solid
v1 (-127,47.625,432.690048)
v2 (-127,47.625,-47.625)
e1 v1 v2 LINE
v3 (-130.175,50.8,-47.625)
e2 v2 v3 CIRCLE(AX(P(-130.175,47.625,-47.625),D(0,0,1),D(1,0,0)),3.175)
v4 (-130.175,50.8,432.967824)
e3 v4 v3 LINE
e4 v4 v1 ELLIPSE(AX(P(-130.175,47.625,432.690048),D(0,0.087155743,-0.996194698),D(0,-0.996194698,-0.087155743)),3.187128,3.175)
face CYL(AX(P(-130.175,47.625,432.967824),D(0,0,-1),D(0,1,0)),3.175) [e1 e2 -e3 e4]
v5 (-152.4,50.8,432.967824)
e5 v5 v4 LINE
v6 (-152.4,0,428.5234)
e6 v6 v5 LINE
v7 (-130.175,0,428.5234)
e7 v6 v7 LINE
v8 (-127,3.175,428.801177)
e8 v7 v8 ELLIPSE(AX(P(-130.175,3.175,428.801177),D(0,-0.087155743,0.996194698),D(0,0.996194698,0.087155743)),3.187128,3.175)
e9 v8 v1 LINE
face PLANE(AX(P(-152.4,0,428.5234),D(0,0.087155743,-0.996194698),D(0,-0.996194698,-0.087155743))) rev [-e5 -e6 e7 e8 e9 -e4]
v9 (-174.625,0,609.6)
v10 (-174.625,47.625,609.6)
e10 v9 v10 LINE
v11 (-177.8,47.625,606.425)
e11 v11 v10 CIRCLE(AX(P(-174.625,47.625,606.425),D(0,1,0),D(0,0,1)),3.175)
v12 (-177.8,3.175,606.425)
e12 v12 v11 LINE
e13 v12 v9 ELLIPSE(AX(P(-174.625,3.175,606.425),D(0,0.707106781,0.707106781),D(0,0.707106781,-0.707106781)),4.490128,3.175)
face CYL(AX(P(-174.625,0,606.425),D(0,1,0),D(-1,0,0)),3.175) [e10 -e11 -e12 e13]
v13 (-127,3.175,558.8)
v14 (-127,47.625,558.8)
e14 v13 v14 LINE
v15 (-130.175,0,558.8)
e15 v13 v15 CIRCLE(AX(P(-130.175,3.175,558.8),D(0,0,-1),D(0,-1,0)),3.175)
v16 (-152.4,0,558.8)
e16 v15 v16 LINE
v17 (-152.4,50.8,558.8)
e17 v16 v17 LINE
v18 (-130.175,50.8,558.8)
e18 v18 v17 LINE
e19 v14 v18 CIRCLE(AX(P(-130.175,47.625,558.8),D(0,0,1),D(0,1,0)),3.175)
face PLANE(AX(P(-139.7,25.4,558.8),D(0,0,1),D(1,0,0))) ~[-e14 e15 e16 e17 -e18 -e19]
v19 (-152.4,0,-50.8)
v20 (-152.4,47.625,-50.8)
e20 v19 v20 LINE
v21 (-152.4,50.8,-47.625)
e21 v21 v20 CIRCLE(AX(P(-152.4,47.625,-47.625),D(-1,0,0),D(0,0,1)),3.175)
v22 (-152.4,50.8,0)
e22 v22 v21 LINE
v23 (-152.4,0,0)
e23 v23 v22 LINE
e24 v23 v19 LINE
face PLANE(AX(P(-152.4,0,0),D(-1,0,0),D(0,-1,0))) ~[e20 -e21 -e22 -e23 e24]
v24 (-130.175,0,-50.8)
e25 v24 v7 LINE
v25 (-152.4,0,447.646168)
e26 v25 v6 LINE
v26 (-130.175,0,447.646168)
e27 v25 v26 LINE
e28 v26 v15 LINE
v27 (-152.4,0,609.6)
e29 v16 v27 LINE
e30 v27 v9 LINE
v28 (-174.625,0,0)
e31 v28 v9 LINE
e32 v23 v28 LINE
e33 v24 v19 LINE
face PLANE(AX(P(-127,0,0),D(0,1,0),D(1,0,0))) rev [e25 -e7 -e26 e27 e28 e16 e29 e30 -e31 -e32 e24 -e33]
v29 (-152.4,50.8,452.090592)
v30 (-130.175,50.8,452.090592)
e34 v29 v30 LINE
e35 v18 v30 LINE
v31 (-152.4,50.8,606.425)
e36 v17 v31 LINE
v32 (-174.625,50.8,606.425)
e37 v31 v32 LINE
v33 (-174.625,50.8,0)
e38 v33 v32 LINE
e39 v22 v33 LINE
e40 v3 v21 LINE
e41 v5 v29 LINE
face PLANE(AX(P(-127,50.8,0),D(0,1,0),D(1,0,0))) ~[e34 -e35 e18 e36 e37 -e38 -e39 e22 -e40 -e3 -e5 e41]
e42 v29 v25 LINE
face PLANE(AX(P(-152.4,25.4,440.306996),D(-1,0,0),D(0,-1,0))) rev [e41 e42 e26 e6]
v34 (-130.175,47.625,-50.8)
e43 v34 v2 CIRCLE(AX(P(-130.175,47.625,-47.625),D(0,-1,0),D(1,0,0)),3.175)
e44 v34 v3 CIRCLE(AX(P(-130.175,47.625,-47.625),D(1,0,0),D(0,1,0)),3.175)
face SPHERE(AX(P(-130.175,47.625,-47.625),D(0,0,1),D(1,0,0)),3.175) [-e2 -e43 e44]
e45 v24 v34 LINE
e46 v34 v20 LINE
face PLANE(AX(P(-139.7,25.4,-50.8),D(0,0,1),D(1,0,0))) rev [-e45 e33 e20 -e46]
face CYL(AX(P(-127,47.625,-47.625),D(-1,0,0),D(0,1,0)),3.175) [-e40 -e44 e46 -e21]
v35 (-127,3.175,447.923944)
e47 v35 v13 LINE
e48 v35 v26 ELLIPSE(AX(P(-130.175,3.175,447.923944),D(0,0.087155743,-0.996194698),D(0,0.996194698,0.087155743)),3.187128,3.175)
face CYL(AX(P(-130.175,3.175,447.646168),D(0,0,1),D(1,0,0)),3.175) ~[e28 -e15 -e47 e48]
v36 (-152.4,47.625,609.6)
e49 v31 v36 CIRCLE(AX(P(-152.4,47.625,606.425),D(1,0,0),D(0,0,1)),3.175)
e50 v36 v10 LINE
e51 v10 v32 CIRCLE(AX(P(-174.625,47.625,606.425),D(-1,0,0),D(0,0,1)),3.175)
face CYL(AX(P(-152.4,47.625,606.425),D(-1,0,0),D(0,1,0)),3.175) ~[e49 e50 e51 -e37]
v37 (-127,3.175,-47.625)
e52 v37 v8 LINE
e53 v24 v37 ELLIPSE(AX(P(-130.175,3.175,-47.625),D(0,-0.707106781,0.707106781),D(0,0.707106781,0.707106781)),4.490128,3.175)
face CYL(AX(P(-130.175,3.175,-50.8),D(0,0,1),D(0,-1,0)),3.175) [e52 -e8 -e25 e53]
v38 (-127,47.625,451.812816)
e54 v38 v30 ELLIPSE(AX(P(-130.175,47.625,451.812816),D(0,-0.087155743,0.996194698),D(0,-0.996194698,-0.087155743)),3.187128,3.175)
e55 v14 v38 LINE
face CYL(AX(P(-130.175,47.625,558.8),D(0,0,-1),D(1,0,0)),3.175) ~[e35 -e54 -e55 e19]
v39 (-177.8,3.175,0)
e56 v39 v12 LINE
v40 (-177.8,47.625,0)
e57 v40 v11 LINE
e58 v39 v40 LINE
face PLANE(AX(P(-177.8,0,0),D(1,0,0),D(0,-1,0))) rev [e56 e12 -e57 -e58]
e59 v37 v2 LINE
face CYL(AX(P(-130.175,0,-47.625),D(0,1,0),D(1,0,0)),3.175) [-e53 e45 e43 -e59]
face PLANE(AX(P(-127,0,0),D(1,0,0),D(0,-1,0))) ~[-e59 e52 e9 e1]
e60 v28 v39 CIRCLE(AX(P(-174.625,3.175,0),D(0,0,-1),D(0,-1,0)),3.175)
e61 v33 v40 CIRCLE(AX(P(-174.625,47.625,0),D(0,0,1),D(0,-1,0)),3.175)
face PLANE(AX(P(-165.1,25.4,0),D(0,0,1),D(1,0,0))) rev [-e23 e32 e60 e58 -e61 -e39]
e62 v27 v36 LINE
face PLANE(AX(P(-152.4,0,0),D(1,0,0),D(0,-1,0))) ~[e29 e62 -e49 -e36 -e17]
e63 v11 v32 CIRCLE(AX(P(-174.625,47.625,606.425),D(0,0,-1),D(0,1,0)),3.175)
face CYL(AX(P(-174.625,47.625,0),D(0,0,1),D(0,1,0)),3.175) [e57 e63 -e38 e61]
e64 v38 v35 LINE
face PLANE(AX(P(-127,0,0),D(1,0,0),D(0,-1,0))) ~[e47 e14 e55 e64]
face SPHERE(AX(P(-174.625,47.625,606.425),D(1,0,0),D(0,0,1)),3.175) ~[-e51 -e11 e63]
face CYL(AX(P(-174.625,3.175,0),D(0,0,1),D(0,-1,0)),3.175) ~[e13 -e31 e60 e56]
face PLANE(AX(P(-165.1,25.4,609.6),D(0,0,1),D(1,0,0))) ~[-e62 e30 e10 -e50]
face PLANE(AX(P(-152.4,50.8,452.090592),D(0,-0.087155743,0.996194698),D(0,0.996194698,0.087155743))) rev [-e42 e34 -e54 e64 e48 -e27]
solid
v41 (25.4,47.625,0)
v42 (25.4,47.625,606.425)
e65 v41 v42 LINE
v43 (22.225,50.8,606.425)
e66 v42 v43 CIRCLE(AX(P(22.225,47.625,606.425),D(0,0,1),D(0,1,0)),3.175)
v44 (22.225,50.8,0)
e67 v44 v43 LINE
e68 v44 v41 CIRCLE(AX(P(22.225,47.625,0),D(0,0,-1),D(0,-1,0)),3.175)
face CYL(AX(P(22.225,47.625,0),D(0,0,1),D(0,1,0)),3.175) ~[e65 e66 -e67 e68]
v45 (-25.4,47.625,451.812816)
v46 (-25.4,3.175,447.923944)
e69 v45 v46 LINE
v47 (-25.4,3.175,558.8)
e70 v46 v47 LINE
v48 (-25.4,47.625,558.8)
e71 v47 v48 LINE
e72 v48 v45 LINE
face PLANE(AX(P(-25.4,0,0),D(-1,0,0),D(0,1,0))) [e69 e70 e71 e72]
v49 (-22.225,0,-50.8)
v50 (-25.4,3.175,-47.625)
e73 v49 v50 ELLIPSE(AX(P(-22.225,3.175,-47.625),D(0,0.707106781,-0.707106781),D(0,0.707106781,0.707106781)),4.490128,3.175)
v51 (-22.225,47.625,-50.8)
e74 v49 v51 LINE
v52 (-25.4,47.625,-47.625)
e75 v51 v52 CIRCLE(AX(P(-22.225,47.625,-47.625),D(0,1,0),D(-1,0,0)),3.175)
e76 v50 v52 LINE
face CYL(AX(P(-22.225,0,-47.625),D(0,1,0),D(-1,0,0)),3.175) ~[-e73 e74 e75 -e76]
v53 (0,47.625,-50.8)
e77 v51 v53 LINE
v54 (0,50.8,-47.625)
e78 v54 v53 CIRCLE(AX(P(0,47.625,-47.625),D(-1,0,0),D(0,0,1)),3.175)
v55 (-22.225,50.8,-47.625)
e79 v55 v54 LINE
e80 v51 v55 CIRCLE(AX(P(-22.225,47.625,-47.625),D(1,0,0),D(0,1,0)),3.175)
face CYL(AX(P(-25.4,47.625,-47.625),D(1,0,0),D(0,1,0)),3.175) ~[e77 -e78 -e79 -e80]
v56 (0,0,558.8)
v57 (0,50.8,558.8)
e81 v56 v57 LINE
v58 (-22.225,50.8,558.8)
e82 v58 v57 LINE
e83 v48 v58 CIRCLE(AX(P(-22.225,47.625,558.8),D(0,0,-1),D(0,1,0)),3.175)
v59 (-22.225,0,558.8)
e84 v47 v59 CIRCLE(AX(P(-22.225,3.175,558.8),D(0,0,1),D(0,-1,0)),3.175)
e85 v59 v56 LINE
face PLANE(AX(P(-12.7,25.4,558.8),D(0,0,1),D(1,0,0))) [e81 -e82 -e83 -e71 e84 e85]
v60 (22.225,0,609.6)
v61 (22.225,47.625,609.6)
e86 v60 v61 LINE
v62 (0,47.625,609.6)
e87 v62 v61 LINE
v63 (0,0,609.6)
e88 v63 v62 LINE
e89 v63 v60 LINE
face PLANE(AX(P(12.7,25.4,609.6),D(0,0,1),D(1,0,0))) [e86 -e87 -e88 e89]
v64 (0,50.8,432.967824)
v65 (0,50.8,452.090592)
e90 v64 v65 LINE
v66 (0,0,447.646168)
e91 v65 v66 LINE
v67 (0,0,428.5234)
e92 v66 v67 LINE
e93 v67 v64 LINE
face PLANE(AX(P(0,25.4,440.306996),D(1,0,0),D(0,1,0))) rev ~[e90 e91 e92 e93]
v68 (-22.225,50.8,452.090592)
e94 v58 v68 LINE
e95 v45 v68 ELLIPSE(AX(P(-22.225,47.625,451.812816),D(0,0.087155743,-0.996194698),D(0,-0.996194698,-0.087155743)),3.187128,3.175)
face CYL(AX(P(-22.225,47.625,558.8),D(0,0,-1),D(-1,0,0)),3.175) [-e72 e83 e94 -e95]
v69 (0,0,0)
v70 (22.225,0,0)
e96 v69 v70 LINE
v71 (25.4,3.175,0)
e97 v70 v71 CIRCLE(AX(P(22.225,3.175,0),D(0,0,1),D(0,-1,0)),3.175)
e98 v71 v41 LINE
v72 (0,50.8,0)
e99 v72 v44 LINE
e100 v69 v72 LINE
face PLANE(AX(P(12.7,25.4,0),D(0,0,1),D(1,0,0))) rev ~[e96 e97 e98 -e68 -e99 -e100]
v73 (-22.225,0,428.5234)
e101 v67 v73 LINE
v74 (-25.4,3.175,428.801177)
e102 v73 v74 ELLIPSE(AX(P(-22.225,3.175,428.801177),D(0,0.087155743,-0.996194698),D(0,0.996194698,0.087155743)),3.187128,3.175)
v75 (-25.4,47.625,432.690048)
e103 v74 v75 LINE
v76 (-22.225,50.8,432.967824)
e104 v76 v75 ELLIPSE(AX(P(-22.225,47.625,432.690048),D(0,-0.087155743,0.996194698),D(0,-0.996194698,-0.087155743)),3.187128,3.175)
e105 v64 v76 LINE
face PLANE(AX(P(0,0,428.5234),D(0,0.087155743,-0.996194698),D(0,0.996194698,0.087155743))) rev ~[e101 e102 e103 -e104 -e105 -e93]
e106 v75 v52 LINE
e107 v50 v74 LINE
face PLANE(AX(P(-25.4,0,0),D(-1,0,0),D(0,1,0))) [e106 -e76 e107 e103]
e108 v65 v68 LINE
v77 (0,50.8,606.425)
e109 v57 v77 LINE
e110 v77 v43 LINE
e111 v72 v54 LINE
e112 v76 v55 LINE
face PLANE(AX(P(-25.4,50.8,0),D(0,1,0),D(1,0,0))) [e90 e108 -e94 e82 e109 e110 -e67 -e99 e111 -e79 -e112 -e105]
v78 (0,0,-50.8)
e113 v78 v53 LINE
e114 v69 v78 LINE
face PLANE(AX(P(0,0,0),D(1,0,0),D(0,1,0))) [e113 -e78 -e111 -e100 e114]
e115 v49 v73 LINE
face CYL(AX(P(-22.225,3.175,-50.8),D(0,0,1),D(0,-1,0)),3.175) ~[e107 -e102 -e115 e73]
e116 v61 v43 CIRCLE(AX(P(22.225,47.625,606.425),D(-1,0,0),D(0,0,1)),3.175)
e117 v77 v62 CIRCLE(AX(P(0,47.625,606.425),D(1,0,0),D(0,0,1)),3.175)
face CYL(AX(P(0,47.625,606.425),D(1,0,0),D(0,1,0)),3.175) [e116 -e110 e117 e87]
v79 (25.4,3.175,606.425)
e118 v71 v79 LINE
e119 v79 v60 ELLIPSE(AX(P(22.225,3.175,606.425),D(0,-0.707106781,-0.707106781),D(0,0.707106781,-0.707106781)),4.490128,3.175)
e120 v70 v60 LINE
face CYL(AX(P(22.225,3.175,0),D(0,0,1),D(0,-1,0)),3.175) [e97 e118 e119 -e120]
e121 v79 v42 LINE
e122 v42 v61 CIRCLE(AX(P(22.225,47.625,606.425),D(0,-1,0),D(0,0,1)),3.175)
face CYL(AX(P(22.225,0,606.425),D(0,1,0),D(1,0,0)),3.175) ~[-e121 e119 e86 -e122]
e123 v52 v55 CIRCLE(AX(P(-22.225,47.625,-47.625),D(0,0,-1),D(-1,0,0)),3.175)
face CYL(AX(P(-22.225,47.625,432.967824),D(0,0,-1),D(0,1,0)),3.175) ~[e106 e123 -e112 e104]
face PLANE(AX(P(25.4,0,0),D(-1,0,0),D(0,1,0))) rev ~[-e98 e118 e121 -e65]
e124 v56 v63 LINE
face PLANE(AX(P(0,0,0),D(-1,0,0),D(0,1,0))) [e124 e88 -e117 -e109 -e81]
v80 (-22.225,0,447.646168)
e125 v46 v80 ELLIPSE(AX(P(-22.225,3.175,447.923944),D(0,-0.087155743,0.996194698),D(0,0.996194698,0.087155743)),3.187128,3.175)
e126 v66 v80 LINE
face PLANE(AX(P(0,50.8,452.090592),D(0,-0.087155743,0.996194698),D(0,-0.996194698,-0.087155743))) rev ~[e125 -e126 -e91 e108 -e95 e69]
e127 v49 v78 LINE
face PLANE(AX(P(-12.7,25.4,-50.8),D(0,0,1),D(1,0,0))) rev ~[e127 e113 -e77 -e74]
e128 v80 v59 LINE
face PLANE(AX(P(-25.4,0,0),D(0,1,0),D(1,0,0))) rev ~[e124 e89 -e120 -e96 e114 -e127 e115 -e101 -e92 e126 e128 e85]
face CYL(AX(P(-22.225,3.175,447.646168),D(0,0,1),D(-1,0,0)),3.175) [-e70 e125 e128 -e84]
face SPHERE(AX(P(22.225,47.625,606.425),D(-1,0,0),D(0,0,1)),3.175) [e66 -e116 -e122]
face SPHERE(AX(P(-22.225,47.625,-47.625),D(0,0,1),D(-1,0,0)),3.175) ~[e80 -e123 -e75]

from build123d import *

# Parameters (mm, degrees)
F0_W          = 25.4
F0_H          = 50.8
F1_DEPTH      = 609.6
F2_DEPTH      = 50.8
F2_DEPTH_BACK = 558.8
F4_DEPTH      = 25.4
F5_R          = 3.175


with BuildPart() as f1:
    # F0 (on Top) → F1 (new body)
    with BuildSketch(Plane.XY):
        with Locations((12.7, 25.4)):
            Rectangle(F0_W, F0_H)
    extrude(amount=F1_DEPTH)

    # F0 (on Top) → F2 (join, two sides)
    with BuildSketch(Plane.XY) as f2_sk:
        with Locations((-12.7, 25.4)):
            Rectangle(F0_W, F0_H)
    extrude(amount=-F2_DEPTH)
    extrude(f2_sk.sketch, amount=F2_DEPTH_BACK)

    # F3 (on Right) → F4 (cut)
    with BuildSketch(Plane.YZ):
        Polygon((0, 428.5234), (50.8, 432.9678241071), (50.8, 452.0905920123), (0, 447.6461679052), align=None)
    extrude(amount=-F4_DEPTH, mode=Mode.SUBTRACT)

    # F5
    f5_edges = [f1.edges().sort_by_distance(p)[0] for p in [
        (-25.4, 50.8, 505.445296),
        (-25.4, 0, 503.223084),
        (-25.4, 50.8, 191.083912),
        (-25.4, 0, 188.8617),
        (12.7, 50.8, 609.6),
        (25.4, 25.4, 609.6),
        (25.4, 50.8, 304.8),
        (25.4, 0, 304.8),
        (-25.4, 25.4, -50.8),
        (-12.7, 50.8, -50.8),
    ]]
    fillet(f5_edges, radius=F5_R)


with BuildPart() as f7_1:
    # F7: instance of F1
    add(f1.part.mirror(Plane.YZ.offset(-76.2)))


solid = Compound([f1.part, f7_1.part])
